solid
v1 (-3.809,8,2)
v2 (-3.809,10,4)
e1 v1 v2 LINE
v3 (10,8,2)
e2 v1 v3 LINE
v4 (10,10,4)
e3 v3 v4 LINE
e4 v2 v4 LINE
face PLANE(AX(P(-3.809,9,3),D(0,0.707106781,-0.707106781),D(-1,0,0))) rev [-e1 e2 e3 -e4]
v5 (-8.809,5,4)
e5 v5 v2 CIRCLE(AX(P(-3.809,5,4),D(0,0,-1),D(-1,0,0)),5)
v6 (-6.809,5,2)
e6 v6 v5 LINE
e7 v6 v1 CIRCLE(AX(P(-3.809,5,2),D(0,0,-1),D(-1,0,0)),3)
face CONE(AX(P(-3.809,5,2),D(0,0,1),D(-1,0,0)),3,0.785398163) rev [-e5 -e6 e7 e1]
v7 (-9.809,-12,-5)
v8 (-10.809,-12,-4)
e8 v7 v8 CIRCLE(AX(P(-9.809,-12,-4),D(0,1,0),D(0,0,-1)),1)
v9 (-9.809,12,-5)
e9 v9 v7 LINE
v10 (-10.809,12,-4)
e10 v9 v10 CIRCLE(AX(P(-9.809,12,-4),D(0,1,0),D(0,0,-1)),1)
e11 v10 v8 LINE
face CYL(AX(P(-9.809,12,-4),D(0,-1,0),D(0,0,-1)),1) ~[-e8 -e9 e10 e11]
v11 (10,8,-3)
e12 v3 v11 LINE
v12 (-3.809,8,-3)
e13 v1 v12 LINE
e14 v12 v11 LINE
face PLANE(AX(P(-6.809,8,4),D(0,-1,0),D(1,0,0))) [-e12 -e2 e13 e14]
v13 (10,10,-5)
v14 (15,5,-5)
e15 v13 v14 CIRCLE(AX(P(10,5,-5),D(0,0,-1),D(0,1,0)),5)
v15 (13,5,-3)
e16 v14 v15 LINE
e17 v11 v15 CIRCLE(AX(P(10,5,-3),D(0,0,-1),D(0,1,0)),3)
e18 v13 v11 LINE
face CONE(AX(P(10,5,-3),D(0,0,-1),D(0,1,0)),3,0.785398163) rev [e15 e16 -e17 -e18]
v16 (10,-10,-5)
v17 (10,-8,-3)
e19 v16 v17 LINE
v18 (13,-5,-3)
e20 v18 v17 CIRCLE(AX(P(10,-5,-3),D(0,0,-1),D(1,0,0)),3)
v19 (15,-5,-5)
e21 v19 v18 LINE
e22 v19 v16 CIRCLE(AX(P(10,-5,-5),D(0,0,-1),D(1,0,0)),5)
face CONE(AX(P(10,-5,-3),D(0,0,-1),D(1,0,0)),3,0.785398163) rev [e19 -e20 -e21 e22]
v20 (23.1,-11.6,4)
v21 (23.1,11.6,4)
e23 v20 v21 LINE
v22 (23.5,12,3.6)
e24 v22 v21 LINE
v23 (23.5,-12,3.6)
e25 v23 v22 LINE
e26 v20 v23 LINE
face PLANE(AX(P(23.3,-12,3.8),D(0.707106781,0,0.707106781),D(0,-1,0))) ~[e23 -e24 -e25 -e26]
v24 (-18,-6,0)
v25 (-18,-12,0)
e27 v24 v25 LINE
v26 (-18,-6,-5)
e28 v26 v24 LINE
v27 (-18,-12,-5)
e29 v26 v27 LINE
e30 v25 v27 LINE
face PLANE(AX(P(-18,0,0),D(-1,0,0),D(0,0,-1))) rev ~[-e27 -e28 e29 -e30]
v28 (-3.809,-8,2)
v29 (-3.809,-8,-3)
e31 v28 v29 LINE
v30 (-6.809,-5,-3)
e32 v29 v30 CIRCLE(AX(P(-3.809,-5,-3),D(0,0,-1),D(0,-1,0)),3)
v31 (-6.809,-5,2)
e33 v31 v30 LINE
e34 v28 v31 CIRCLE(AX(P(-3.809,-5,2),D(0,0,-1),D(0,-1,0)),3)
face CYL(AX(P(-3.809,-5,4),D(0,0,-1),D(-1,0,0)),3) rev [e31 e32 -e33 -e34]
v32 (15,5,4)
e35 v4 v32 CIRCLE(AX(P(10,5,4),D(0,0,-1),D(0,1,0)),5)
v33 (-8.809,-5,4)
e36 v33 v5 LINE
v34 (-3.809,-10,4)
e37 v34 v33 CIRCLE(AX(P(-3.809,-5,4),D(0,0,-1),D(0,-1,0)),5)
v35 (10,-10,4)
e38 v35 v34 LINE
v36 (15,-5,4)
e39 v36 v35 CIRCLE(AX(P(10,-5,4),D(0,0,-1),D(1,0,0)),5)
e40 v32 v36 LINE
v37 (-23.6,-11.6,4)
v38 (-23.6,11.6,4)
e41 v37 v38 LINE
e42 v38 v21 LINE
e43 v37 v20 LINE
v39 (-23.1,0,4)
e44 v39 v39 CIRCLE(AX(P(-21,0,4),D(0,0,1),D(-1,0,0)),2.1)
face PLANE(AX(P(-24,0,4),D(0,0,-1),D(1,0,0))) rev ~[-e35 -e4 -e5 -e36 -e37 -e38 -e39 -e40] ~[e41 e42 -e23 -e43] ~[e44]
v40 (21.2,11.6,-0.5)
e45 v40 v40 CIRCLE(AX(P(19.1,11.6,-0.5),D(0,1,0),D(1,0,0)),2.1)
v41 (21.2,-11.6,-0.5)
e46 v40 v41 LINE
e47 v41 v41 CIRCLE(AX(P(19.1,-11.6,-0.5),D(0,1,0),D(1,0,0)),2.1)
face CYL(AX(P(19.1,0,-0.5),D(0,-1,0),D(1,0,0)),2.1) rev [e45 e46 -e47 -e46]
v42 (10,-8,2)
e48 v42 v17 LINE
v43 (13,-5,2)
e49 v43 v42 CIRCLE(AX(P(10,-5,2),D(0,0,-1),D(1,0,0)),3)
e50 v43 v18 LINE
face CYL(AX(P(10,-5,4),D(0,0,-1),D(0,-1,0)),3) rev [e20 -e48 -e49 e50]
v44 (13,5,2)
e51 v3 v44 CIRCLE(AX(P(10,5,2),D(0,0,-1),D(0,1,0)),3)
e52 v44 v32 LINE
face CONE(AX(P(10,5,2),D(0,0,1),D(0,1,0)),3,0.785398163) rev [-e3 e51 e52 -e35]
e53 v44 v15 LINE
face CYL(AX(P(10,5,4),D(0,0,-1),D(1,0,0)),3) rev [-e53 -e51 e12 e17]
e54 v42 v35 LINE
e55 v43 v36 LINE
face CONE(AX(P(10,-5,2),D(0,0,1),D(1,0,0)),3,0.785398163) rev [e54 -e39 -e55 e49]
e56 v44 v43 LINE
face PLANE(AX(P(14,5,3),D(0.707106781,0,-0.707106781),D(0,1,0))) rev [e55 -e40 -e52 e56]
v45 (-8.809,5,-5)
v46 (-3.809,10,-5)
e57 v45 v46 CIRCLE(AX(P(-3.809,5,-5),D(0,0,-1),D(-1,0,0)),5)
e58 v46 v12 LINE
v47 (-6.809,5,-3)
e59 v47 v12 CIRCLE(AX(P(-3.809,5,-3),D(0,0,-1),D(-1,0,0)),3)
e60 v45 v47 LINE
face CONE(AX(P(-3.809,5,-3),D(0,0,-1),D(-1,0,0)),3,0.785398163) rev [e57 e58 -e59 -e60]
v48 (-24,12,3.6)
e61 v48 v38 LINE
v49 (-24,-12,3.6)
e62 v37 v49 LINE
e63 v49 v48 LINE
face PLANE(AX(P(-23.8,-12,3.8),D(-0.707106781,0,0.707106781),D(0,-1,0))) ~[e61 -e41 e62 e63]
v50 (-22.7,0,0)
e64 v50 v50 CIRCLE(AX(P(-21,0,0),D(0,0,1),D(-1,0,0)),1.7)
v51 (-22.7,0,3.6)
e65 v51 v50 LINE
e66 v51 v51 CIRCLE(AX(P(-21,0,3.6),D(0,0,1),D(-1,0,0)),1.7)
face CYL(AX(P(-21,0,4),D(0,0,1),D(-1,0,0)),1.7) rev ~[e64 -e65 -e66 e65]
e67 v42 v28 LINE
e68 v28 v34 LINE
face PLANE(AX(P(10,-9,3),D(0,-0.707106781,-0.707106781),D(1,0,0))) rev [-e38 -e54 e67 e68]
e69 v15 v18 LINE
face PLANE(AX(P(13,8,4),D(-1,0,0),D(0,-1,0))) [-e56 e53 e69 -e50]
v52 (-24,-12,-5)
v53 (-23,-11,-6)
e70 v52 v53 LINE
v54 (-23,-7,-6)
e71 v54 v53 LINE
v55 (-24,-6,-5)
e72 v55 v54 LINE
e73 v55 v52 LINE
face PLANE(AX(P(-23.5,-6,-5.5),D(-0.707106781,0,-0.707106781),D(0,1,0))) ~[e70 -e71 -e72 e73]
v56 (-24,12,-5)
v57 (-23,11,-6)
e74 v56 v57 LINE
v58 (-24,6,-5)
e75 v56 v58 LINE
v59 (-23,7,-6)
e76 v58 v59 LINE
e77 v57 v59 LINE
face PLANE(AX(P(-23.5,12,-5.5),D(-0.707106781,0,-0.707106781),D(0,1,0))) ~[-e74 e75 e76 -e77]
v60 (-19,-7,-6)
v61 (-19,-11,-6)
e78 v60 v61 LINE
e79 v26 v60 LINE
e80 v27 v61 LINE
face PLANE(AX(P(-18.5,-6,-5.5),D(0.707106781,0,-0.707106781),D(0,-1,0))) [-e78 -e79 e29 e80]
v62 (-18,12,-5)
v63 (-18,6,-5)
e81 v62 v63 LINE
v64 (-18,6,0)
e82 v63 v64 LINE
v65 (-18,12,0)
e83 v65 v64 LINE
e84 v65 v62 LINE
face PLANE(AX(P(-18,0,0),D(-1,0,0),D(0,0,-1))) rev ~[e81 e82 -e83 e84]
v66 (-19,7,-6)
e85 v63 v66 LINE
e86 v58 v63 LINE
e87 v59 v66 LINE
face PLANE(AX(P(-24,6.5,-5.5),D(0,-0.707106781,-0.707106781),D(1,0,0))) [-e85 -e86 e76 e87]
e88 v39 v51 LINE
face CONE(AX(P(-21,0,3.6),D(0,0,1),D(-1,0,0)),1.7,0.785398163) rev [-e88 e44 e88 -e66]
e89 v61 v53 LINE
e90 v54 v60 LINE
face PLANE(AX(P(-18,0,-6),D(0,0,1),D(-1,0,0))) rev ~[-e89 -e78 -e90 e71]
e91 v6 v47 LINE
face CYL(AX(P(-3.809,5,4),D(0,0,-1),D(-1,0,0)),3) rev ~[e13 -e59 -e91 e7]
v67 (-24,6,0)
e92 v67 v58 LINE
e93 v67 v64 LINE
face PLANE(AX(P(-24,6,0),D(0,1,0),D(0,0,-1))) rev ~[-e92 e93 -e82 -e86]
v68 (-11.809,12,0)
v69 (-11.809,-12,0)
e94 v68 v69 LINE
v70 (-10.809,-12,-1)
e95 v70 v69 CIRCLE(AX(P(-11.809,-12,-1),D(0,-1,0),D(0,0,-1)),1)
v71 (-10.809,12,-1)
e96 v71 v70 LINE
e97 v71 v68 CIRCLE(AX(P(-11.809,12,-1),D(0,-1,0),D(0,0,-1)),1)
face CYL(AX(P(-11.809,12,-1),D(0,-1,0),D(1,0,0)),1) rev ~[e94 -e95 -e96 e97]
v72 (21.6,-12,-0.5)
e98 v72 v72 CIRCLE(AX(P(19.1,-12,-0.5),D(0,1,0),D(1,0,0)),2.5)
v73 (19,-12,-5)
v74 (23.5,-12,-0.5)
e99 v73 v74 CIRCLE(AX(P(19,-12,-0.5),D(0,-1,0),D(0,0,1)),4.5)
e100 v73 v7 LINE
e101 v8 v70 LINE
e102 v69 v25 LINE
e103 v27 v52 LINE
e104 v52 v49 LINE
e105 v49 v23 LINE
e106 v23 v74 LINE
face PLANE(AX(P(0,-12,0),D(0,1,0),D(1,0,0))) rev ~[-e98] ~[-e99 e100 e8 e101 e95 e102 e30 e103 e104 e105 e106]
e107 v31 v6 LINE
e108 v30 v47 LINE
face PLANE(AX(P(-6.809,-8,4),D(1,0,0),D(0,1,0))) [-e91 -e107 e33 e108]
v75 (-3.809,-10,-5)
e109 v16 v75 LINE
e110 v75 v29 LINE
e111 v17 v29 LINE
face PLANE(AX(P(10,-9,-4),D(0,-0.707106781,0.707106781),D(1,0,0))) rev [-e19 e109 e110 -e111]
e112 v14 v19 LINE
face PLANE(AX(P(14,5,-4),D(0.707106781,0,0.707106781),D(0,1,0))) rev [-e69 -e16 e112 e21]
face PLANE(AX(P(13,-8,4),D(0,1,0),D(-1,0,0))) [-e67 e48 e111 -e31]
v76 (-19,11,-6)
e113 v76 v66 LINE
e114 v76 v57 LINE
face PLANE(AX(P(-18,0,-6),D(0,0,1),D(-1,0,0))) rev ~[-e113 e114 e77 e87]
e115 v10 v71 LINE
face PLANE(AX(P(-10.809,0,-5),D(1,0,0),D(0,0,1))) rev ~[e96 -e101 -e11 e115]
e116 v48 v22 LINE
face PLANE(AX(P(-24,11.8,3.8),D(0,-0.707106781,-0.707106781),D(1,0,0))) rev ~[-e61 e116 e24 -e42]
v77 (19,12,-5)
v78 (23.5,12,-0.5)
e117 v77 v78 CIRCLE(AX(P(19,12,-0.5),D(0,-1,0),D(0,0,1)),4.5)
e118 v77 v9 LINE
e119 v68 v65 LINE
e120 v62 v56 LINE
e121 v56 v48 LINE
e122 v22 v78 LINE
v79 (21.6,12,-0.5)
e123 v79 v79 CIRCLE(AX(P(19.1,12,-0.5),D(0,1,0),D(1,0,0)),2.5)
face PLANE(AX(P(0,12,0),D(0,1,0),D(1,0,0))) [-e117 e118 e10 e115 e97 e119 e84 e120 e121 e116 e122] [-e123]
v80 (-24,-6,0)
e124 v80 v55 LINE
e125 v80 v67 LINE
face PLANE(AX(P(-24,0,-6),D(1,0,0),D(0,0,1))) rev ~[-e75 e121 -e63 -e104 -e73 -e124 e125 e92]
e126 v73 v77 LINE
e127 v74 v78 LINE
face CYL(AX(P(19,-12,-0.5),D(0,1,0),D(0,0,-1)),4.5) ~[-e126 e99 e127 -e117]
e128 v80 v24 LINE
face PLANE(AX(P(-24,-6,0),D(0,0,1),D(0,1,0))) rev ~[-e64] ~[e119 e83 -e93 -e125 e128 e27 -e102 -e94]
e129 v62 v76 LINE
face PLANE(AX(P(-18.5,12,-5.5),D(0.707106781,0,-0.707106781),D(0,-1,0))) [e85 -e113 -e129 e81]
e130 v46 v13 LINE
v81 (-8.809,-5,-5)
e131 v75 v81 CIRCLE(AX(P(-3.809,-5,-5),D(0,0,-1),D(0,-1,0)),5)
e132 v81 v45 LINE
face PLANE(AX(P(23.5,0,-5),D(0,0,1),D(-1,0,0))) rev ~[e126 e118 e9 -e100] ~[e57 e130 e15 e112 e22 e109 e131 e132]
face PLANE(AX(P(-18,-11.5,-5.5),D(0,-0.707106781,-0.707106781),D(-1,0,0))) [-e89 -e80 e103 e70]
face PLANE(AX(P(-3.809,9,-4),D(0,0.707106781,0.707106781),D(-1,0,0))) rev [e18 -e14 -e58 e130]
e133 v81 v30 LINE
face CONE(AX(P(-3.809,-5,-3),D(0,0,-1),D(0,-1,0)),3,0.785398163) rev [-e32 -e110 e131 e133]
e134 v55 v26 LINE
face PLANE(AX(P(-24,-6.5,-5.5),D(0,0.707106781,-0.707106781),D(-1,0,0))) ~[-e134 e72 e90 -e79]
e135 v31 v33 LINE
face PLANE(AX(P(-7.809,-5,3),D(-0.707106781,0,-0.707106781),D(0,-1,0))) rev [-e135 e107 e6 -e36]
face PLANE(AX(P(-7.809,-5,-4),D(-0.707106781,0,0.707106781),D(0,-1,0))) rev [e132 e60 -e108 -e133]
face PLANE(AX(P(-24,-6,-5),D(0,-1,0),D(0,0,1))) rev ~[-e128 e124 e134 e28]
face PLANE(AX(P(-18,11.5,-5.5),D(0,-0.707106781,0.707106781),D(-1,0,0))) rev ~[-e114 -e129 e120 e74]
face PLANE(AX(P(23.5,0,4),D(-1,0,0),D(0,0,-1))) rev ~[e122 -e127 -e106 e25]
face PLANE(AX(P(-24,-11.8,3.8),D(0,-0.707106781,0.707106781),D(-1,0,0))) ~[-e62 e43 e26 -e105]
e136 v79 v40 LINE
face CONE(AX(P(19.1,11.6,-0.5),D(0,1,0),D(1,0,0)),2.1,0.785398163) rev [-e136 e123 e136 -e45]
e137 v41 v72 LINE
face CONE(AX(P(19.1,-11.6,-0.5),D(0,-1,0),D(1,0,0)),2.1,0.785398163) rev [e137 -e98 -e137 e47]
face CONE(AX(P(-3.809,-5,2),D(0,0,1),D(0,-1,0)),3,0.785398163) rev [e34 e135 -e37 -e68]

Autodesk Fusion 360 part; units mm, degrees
sketch "Sketch1" plane through (0, 0, 0) normal (0, 1, 0) x (1, 0, 0) in component "bowen_retainer"
  line L0 (-24, -4) -> (23.5, -4)
  line L1 (23.5, -4) -> (23.5, 5)
  line L2 (23.5, 5) -> (-10.809, 5)
  line L3 (-10.809, 5) -> (-10.809, 0)
  line L4 (-10.809, 0) -> (-18, 0)
  line L5 (-18, 0) -> (-18, 6)
  line L6 (-18, 6) -> (-24, 6)
  line L7 (-24, 6) -> (-24, -4)
  circle A0 centre (19.1, 0.5) radius 2.1
  line L8 (23.5, 0.5) -> (19.1, 0.5) construction
  point P0 (23.5, 0.5)
  dimension "d17" = 47.5
  dimension "d18" = 6
  dimension "d19" = 6
  dimension "d22" = 9
  dimension "d23" = 4.2
  dimension "d24" = 4.4
extrude "Extrude1" add sketch "Sketch1" along normal mid plane 24 in component "bowen_retainer"
sketch "Sketch2" plane through (0, 0, 4) normal (0, 0, 1) x (-1, 0, 0) in component "bowen_retainer"
  line L0 (-23.5, 12) -> (-23.5, -12)
  line L1 (-23.5, -12) -> (24, -12)
  line L2 (24, -12) -> (24, 12)
  line L3 (24, 12) -> (-23.5, 12)
  circle A0 centre (21, 0) radius 1.7
  line L4 (24, 12) -> (24, -12)
  line L5 (24, -12) -> (18, -12)
  line L6 (18, -12) -> (18, 12)
  line L7 (18, 12) -> (24, 12)
  line L8 (24, -12) -> (18, 12) construction
  line L9 (24, 12) -> (18, -12) construction
  line L10 (6.809, -8) -> (-13, -8)
  line L11 (-13, -8) -> (-13, 8)
  line L12 (-13, 8) -> (6.809, 8)
  line L13 (6.809, 8) -> (6.809, -8)
  line L14 (10.809, 12) -> (10.809, -12)
  line L15 (10.809, -12) -> (-23.5, -12)
  line L16 (-23.5, -12) -> (-23.5, 12)
  line L17 (-23.5, 12) -> (10.809, 12)
  point P0 (21, 0)
  dimension "d27" = 3.4
  dimension "d28" = 4
  dimension "d29" = 4
  dimension "d30" = 10.5
  dimension "d31" = 4
extrude "Extrude2" cut sketch "Sketch2" against normal through all contours A0 | L10 L11 L12 L13 in component "bowen_retainer"
sketch "Sketch3" plane through (-24, 0, 0) normal (-1, 0, 0) x (0, -1, 0) in component "bowen_retainer"
  line L0 (12, 4) -> (-12, 4)
  line L1 (-12, 4) -> (-12, -6)
  line L2 (-12, -6) -> (12, -6)
  line L3 (12, -6) -> (12, 4)
  line L4 (-6, -6) -> (6, -6)
  line L5 (6, -6) -> (6, 0)
  line L6 (6, 0) -> (-6, 0)
  line L7 (-6, 0) -> (-6, -6)
  line L8 (12, 0) -> (-12, 0)
  line L9 (-12, 0) -> (-12, -5)
  line L10 (-12, -5) -> (12, -5)
  line L11 (12, -5) -> (12, 0)
  dimension "d33" = 6
extrude "Extrude3" cut sketch "Sketch3" against normal up to surface (6 mm away) contours L5 L6 L7 L8 L10 | L2 L4 L5 L7 L10 in component "bowen_retainer"
fillet "Fillet1" radius 4.5 1 edges at (23.5, 0, -5) in component "bowen_retainer"
fillet "Fillet2" radius 3 4 edges at (-6.809, 8, -0.5) (13, 8, -0.5) (13, -8, -0.5) (-6.809, -8, -0.5) in component "bowen_retainer"
chamfer "Chamfer1" distance 2 angle 45 16 edges at (-5.9304, 7.1213, 4) (-6.809, 0, 4) (-5.9304, -7.1213, 4) (3.0955, -8, 4) (12.1213, -7.1213, 4) (13, 0, 4) (12.1213, 7.1213, 4) (3.0955, 8, 4) (-6.809, 0, -5) (-5.9304, -7.1213, -5) (3.0955, -8, -5) (12.1213, -7.1213, -5) (13, 0, -5) (12.1213, 7.1213, -5) (3.0955, 8, -5) (-5.9304, 7.1213, -5) in component "bowen_retainer"
fillet "Fillet3" radius 1 2 edges at (-10.809, 0, 0) (-10.809, 0, -5) in component "bowen_retainer"
chamfer "Chamfer2" distance 1 angle 45 2 edges at (-24, 9, -6) (-21, 12, -6) 2 faces at (-20, 8, -6) (-20, -8, -6) in component "bowen_retainer"
chamfer "Chamfer3" distance 0.4 angle 45 7 edges at (-19.415, -0.6147, 4) (17.1421, -12, 0.2594) (17.1421, 12, -1.2594) (-0.25, 12, 4) (23.5, 0, 4) (-0.25, -12, 4) (-24, 0, 4) in component "bowen_retainer"
component "bowen_retainer" placed x (1, 0, 0) y (0, 1, 0) z (0, 0, 1) at (0, 0, 0)
equation "ptfe_tube_od = 4 mm"
equation "tolerance = 0.2 mm"
equation "extrusion_width = 20 mm"
equation "width = 24 mm"
equation "length = 47.5 mm"
equation "arm_width = 4 mm"
equation "extrusion_slot_width = 6 mm"
equation "d17 = length"
equation "d18 = extrusion_slot_width"
equation "d19 = extrusion_slot_depth"
equation "extrusion_slot_depth = 6 mm"
equation "depth = 9 mm"
equation "d22 = depth"
equation "d23 = ptfe_tube_od + tolerance"
equation "d25 = width"
equation "d28 = arm_width"
equation "d29 = arm_width"
equation "d33 = extrusion_slot_depth"
